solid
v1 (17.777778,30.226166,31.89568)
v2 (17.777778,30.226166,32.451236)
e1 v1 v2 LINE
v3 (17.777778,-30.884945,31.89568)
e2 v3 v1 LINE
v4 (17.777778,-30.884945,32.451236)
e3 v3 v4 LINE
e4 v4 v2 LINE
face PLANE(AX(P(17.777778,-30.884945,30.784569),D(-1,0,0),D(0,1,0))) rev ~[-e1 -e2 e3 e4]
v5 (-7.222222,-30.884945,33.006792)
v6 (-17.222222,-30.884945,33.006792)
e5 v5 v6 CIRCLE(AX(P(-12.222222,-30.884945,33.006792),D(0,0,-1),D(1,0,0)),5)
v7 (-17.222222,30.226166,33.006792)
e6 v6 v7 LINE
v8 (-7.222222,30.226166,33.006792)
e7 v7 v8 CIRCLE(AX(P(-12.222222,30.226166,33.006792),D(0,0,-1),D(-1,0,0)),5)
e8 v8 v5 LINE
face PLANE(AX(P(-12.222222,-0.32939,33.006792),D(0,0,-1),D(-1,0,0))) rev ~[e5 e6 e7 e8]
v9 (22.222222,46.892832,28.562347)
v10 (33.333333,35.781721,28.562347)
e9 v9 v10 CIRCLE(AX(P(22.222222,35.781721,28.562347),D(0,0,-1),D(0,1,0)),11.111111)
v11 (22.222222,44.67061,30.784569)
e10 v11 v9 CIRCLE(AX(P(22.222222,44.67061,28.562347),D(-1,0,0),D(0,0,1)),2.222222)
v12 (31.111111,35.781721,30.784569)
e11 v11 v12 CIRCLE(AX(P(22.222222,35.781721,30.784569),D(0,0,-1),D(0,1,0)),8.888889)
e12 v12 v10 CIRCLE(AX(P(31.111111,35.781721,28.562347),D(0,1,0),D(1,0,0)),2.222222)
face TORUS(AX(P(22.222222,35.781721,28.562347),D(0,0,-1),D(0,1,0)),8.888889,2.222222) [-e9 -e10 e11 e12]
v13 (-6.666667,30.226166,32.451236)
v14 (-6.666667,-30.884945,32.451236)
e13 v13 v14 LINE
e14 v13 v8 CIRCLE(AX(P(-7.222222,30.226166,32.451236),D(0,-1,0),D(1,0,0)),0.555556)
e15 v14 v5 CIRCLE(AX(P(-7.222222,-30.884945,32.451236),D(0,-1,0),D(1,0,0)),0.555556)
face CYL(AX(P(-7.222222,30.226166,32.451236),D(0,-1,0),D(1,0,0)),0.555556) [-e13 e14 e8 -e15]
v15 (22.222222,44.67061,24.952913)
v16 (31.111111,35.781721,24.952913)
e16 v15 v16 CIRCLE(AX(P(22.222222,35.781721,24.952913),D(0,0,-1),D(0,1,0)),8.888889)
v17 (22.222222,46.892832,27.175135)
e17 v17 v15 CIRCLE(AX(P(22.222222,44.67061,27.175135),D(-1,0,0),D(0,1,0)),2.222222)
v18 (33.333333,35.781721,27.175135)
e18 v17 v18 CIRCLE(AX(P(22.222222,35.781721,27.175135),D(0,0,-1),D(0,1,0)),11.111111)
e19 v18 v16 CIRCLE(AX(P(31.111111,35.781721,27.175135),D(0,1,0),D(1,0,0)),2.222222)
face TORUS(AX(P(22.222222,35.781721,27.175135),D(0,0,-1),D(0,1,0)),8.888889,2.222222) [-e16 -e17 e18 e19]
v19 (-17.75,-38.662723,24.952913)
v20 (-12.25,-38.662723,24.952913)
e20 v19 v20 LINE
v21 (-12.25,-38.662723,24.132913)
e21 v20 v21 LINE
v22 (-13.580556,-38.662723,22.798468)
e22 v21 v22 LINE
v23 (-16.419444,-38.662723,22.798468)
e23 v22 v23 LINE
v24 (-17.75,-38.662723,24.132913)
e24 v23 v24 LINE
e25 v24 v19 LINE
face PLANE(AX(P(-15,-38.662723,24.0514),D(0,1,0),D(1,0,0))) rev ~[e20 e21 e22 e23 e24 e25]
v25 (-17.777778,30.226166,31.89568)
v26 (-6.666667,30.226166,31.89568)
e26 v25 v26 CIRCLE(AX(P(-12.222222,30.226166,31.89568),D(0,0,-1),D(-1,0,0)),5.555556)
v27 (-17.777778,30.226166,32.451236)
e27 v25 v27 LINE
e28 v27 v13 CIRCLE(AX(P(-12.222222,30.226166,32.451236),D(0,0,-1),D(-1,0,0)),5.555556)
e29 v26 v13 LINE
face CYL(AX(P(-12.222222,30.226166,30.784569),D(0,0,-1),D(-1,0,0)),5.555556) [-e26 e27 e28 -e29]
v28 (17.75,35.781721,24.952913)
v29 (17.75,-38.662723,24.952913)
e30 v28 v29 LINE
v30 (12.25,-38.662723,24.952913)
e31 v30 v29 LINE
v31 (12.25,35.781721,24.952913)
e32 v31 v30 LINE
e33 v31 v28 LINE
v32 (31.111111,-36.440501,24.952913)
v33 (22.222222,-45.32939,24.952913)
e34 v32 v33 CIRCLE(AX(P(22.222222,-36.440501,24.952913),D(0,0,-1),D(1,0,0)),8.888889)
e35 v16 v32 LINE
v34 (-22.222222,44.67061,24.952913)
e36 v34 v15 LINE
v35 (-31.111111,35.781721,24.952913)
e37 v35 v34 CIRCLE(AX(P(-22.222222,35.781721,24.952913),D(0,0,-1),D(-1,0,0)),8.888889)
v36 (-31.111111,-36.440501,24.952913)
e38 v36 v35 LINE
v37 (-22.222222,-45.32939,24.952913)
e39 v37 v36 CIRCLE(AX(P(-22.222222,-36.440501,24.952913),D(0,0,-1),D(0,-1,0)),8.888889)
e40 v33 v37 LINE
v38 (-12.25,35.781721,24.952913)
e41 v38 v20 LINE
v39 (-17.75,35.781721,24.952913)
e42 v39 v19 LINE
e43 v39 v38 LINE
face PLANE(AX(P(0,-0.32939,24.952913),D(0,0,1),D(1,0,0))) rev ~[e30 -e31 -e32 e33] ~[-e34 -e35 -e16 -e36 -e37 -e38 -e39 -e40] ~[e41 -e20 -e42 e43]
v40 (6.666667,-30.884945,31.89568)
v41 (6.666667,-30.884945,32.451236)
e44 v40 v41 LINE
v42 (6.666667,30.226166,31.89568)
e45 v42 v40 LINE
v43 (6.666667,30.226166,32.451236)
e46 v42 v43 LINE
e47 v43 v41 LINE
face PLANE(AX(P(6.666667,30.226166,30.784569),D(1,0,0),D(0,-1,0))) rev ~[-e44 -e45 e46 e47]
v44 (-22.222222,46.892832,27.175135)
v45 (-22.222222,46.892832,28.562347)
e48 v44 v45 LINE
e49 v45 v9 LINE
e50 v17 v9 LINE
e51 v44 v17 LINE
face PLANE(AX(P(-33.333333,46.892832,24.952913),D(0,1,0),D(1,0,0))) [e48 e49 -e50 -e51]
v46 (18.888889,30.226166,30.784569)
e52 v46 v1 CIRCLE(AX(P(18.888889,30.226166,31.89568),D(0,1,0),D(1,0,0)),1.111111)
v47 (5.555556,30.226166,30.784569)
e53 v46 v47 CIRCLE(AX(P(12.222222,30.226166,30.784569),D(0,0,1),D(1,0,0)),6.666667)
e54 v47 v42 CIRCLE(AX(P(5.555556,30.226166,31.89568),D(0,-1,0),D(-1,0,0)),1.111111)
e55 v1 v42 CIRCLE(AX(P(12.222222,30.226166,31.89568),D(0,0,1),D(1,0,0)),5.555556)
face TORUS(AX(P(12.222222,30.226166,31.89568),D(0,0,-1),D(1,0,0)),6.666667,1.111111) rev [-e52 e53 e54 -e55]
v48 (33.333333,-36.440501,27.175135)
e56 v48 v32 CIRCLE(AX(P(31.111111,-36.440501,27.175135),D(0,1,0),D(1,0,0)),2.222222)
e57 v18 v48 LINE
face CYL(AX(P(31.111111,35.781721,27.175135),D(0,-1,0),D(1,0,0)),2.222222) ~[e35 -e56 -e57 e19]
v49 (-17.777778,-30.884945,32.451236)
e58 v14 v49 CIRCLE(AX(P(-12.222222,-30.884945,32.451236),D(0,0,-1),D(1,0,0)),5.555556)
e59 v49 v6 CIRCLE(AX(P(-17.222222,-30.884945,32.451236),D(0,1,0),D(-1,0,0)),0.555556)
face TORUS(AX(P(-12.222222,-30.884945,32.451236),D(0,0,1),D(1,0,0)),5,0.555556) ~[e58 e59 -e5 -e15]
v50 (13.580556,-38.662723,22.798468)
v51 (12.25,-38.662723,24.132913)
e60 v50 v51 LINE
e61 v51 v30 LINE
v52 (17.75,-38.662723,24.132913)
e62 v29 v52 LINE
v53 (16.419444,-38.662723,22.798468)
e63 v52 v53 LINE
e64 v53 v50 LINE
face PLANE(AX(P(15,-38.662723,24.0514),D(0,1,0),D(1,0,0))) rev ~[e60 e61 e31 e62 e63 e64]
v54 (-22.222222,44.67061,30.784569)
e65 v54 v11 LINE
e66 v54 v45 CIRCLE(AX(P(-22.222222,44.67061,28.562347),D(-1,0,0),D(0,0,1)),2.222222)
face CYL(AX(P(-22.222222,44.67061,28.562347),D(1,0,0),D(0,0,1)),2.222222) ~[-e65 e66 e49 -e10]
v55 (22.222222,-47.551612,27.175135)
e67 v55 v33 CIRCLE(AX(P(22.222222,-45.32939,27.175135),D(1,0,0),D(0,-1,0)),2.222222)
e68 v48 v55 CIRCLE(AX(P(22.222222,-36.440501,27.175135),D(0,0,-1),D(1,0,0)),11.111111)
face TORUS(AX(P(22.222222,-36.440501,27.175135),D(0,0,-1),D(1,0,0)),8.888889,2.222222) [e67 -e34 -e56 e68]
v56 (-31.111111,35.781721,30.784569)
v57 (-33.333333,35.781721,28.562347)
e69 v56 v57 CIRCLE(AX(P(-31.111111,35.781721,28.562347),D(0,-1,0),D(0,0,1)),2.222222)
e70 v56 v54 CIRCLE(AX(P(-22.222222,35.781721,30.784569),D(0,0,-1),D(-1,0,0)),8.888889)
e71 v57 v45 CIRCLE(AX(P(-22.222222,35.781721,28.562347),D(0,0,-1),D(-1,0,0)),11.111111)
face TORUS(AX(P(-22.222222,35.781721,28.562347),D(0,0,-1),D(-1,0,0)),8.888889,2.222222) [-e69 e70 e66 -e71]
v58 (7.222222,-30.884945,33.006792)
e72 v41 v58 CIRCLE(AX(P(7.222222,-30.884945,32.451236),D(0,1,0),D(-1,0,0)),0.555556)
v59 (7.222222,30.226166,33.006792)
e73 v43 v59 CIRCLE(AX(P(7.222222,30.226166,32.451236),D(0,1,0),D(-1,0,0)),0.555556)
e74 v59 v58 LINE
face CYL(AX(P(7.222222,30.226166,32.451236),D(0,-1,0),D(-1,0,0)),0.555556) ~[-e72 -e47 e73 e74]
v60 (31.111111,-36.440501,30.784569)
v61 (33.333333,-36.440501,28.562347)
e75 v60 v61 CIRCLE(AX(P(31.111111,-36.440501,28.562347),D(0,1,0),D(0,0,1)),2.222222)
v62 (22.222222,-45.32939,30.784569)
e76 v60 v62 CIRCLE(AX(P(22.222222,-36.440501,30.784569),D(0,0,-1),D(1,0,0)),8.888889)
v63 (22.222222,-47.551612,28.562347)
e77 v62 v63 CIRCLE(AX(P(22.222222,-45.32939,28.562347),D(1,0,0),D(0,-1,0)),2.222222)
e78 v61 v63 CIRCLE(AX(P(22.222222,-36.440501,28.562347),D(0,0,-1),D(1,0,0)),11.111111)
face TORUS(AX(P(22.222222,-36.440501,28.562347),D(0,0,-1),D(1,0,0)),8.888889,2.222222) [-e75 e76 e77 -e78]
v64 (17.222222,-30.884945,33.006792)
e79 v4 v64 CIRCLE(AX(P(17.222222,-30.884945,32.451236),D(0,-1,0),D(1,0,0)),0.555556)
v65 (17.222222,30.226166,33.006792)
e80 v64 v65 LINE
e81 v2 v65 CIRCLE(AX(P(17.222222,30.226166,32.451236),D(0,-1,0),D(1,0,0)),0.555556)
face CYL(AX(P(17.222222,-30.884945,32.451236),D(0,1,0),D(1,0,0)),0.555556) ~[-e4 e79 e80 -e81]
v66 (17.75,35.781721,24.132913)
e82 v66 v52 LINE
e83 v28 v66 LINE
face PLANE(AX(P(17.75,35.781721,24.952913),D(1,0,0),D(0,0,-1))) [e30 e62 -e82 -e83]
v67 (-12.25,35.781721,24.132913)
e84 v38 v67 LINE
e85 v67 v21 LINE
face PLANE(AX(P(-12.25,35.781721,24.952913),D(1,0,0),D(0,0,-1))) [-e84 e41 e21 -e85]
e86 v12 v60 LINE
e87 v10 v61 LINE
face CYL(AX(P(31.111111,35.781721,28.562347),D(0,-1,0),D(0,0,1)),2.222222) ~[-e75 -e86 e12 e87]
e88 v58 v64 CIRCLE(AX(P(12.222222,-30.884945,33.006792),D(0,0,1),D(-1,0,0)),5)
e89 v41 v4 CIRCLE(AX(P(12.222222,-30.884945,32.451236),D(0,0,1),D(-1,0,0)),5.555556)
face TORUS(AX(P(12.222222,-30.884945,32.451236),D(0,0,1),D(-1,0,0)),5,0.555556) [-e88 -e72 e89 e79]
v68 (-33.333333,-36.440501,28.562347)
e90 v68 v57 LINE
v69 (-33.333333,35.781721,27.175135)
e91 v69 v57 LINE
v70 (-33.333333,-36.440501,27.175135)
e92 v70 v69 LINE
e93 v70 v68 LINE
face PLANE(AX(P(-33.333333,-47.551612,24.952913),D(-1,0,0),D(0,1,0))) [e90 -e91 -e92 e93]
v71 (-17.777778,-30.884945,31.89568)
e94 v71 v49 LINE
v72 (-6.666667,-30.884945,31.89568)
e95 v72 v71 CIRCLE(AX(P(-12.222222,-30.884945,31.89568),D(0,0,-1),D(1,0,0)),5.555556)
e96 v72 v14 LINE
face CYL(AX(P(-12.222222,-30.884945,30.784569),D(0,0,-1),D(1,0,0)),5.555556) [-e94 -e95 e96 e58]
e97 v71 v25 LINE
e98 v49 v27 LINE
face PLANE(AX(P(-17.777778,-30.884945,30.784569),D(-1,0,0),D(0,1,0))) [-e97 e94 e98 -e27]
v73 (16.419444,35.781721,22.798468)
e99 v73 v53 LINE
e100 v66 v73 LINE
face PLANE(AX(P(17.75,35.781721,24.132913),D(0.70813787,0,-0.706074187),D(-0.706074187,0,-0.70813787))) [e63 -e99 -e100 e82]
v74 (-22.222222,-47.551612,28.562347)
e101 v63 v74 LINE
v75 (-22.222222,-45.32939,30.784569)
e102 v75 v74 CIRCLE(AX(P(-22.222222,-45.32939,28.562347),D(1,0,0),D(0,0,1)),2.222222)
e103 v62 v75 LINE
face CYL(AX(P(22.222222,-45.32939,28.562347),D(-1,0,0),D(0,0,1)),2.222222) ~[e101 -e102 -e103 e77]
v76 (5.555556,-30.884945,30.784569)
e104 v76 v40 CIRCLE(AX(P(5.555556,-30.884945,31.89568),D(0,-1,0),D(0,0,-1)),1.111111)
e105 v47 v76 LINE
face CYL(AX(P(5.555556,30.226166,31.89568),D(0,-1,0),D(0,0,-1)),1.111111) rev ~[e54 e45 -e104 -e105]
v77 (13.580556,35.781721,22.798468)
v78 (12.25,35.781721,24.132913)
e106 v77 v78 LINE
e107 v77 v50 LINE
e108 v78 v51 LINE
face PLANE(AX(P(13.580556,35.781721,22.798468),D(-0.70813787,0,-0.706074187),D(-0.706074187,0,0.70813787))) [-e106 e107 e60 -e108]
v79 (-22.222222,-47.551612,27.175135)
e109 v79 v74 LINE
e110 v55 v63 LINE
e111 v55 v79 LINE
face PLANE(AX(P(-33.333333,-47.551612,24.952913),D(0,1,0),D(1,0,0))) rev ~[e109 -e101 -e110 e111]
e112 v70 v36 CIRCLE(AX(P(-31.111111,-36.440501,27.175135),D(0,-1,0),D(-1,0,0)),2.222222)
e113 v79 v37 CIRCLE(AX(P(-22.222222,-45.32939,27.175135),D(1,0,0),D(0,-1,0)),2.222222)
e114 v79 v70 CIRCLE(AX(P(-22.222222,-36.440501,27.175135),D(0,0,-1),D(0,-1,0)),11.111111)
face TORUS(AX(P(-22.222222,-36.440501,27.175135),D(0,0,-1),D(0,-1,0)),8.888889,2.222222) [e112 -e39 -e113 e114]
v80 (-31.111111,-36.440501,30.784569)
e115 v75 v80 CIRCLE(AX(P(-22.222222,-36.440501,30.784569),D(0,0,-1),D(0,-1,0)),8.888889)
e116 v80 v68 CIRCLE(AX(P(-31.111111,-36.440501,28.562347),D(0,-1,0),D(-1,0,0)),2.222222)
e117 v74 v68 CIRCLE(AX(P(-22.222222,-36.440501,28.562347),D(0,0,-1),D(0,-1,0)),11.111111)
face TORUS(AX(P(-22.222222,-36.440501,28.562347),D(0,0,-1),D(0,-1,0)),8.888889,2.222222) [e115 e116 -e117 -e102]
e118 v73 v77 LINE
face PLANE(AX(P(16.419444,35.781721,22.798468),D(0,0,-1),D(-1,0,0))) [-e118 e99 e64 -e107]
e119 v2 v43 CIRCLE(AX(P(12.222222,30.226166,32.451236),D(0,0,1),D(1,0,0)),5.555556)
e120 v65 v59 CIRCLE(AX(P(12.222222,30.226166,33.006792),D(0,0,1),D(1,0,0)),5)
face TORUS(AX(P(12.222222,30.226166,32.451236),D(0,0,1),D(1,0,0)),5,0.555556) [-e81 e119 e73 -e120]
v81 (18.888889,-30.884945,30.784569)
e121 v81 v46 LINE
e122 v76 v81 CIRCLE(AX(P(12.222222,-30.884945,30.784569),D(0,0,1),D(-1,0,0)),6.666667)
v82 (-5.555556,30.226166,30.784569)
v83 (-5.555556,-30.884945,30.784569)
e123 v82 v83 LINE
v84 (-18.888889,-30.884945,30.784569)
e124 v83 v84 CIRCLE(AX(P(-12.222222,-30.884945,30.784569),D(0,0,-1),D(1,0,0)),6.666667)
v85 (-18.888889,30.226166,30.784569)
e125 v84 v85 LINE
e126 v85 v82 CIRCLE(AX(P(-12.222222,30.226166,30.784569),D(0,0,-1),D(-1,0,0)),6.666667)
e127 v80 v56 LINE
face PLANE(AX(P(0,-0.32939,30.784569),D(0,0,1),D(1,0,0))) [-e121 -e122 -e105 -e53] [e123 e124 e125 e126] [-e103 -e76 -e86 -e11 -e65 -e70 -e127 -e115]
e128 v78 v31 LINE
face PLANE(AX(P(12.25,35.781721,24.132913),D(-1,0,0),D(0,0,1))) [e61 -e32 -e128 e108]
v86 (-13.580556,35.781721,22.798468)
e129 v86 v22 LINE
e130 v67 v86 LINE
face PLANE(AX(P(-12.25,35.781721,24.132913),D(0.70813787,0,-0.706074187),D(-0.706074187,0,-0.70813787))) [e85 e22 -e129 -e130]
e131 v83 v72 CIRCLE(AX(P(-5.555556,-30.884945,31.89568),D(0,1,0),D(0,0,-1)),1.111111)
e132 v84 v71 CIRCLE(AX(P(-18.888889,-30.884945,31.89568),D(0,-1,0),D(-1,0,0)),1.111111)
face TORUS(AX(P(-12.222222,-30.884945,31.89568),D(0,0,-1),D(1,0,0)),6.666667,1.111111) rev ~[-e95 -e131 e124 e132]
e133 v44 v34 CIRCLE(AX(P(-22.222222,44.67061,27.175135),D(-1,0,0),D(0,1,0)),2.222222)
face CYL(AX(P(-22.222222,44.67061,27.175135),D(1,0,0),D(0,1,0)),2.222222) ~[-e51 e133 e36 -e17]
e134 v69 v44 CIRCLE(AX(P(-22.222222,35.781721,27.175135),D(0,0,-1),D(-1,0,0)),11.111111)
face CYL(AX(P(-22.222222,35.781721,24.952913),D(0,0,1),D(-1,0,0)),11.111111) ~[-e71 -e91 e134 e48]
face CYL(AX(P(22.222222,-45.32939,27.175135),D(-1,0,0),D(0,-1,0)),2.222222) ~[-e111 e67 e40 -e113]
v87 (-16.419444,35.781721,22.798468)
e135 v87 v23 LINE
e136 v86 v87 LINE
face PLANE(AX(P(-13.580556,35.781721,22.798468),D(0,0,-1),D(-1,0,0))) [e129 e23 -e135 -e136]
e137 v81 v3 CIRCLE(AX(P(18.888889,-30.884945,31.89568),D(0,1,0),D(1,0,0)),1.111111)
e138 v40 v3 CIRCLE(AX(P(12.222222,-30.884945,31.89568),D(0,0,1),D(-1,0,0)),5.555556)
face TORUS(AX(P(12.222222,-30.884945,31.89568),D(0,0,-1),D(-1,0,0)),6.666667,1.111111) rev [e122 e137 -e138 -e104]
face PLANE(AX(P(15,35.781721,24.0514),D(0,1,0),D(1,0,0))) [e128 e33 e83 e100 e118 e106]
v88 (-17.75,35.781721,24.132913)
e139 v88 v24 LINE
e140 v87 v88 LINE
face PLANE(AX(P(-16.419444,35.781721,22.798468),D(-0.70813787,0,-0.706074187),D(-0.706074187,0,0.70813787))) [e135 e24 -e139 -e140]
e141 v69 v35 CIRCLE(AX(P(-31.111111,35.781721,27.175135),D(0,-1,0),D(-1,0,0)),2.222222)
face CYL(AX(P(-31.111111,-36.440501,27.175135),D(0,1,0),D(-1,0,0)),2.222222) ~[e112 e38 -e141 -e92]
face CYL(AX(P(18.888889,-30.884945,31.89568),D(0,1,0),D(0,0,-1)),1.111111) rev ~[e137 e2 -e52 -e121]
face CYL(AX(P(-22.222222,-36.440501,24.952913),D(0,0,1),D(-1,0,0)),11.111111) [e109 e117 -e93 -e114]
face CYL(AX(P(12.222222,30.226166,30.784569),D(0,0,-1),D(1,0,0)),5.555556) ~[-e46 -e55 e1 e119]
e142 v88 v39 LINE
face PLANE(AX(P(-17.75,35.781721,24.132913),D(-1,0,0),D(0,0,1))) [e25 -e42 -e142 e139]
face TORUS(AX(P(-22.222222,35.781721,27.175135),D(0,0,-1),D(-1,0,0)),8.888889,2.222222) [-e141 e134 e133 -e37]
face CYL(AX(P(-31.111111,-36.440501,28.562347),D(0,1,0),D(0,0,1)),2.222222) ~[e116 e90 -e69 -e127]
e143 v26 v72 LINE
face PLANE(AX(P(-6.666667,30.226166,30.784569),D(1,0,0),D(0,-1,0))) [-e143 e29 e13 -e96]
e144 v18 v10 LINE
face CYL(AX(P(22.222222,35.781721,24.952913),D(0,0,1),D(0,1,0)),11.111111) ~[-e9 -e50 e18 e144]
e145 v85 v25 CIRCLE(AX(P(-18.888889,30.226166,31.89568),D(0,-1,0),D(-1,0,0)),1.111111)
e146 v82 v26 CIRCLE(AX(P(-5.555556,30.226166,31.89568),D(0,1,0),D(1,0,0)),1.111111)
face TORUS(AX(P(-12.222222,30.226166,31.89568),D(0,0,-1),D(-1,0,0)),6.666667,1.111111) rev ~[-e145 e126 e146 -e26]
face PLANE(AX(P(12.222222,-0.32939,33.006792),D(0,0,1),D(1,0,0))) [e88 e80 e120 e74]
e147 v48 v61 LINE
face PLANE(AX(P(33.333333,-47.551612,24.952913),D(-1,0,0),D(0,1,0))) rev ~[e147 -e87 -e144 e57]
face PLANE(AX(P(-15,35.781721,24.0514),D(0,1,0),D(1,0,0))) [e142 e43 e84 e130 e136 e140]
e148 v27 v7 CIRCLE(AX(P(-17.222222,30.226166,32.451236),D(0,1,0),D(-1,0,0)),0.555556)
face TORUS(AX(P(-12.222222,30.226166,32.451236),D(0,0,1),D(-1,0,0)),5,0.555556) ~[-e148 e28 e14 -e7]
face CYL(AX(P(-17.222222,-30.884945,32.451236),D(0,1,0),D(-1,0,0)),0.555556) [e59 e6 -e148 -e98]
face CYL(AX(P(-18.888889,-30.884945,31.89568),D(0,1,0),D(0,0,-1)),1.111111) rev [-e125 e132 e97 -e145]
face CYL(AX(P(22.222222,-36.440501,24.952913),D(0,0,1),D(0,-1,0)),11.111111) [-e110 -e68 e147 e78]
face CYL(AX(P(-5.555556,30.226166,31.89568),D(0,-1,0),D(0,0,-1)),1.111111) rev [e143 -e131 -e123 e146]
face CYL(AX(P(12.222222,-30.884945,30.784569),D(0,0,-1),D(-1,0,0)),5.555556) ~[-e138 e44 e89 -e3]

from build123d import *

# Parameters (mm, degrees)
SKETCH_1_W      = 600
SKETCH_1_H      = 850
EXTRUDE_1_DEPTH = 52.484908593
EXTRUDE_2_DEPTH = 20
FILLET_1_R      = 100
FILLET_2_R      = 10
FILLET_3_R      = 5
FILLET_4_R      = 20
EXTRUDE_START   = -100
EXTRUDE_3_DEPTH = 670
SCALE_1_SCALE   = 0.111111111


with BuildPart() as part:
    # 草图1 → 凸台-拉伸1 (new body)
    with BuildSketch(Plane.XY):
        Rectangle(SKETCH_1_W, SKETCH_1_H)
    extrude(amount=EXTRUDE_1_DEPTH)

    # 草图2 → 凸台-拉伸2 (add)
    with BuildSketch(Plane.XY.offset(52.484908593)):
        with BuildLine():
            Line((-60, 275), (-60, -275))
            ThreePointArc((-60, -275), (-110, -325), (-160, -275))
            Line((-160, -275), (-160, 275))
            ThreePointArc((-160, 275), (-110, 325), (-60, 275))
        make_face()
        with BuildLine():
            Line((60, 275), (60, -275))
            ThreePointArc((60, -275), (110, -325), (160, -275))
            Line((160, -275), (160, 275))
            ThreePointArc((160, 275), (110, 325), (60, 275))
        make_face()
    extrude(amount=EXTRUDE_2_DEPTH)

    # 圆角1
    fillet_1_edges = [part.edges().sort_by_distance(p)[0] for p in [
        (300, -425, 26.242454296),
        (-300, -425, 26.242454296),
        (-300, 425, 26.242454296),
        (300, 425, 26.242454296),
    ]]
    fillet(fillet_1_edges, radius=FILLET_1_R)

    # 圆角2
    fillet_2_edges = [part.edges().sort_by_distance(p)[0] for p in [
        (-110, 325, 52.484908593),
        (-160, 0, 52.484908593),
        (-110, -325, 52.484908593),
        (-60, 0, 52.484908593),
        (110, 325, 52.484908593),
        (60, 0, 52.484908593),
        (110, -325, 52.484908593),
        (160, 0, 52.484908593),
    ]]
    fillet(fillet_2_edges, radius=FILLET_2_R)

    # 圆角3
    fillet_3_edges = [part.edges().sort_by_distance(p)[0] for p in [
        (-110, 325, 72.484908593),
        (-160, 0, 72.484908593),
        (-110, -325, 72.484908593),
        (-60, 0, 72.484908593),
        (110, 325, 72.484908593),
        (60, 0, 72.484908593),
        (110, -325, 72.484908593),
        (160, 0, 72.484908593),
    ]]
    fillet(fillet_3_edges, radius=FILLET_3_R)

    # 圆角4
    fillet_4_edges = [part.edges().sort_by_distance(p)[0] for p in [
        (0, 425, 0),
        (0, 425, 52.484908593),
        (300, 0, 0),
        (0, -425, 0),
        (-300, 0, 0),
        (-270.710678119, -395.710678119, 0),
        (270.710678119, -395.710678119, 0),
        (-270.710678119, 395.710678119, 0),
        (270.710678119, 395.710678119, 0),
        (300, 0, 52.484908593),
        (-300, 0, 52.484908593),
        (0, -425, 52.484908593),
        (-270.710678119, -395.710678119, 52.484908593),
        (270.710678119, -395.710678119, 52.484908593),
        (-270.710678119, 395.710678119, 52.484908593),
        (270.710678119, 395.710678119, 52.484908593),
    ]]
    fillet(fillet_4_edges, radius=FILLET_4_R)

    # 草图3 → 凸台-拉伸3 (add)
    with BuildSketch(Plane(origin=(0, 425, 0), x_dir=(1, 0, 0), z_dir=(0, 1, 0)).offset(EXTRUDE_START)):
        Polygon((-159.75, 0), (-110.25, 0), (-110.25, 7.38), (-122.225, 19.39), (-147.775, 19.39), (-159.75, 7.38), align=None)
        Polygon((159.75, 0), (159.75, 7.38), (147.775, 19.39), (122.225, 19.39), (110.25, 7.38), (110.25, 0), align=None)
    extrude(amount=-EXTRUDE_3_DEPTH)


with BuildPart() as part_1:
    # 缩放比例1: scaled about (0, -0.370563428, 28.072026876)
    add(part.part.scale(SCALE_1_SCALE).moved(Location((0, -0.329389714, 24.952912779))))


solid = part_1.part
